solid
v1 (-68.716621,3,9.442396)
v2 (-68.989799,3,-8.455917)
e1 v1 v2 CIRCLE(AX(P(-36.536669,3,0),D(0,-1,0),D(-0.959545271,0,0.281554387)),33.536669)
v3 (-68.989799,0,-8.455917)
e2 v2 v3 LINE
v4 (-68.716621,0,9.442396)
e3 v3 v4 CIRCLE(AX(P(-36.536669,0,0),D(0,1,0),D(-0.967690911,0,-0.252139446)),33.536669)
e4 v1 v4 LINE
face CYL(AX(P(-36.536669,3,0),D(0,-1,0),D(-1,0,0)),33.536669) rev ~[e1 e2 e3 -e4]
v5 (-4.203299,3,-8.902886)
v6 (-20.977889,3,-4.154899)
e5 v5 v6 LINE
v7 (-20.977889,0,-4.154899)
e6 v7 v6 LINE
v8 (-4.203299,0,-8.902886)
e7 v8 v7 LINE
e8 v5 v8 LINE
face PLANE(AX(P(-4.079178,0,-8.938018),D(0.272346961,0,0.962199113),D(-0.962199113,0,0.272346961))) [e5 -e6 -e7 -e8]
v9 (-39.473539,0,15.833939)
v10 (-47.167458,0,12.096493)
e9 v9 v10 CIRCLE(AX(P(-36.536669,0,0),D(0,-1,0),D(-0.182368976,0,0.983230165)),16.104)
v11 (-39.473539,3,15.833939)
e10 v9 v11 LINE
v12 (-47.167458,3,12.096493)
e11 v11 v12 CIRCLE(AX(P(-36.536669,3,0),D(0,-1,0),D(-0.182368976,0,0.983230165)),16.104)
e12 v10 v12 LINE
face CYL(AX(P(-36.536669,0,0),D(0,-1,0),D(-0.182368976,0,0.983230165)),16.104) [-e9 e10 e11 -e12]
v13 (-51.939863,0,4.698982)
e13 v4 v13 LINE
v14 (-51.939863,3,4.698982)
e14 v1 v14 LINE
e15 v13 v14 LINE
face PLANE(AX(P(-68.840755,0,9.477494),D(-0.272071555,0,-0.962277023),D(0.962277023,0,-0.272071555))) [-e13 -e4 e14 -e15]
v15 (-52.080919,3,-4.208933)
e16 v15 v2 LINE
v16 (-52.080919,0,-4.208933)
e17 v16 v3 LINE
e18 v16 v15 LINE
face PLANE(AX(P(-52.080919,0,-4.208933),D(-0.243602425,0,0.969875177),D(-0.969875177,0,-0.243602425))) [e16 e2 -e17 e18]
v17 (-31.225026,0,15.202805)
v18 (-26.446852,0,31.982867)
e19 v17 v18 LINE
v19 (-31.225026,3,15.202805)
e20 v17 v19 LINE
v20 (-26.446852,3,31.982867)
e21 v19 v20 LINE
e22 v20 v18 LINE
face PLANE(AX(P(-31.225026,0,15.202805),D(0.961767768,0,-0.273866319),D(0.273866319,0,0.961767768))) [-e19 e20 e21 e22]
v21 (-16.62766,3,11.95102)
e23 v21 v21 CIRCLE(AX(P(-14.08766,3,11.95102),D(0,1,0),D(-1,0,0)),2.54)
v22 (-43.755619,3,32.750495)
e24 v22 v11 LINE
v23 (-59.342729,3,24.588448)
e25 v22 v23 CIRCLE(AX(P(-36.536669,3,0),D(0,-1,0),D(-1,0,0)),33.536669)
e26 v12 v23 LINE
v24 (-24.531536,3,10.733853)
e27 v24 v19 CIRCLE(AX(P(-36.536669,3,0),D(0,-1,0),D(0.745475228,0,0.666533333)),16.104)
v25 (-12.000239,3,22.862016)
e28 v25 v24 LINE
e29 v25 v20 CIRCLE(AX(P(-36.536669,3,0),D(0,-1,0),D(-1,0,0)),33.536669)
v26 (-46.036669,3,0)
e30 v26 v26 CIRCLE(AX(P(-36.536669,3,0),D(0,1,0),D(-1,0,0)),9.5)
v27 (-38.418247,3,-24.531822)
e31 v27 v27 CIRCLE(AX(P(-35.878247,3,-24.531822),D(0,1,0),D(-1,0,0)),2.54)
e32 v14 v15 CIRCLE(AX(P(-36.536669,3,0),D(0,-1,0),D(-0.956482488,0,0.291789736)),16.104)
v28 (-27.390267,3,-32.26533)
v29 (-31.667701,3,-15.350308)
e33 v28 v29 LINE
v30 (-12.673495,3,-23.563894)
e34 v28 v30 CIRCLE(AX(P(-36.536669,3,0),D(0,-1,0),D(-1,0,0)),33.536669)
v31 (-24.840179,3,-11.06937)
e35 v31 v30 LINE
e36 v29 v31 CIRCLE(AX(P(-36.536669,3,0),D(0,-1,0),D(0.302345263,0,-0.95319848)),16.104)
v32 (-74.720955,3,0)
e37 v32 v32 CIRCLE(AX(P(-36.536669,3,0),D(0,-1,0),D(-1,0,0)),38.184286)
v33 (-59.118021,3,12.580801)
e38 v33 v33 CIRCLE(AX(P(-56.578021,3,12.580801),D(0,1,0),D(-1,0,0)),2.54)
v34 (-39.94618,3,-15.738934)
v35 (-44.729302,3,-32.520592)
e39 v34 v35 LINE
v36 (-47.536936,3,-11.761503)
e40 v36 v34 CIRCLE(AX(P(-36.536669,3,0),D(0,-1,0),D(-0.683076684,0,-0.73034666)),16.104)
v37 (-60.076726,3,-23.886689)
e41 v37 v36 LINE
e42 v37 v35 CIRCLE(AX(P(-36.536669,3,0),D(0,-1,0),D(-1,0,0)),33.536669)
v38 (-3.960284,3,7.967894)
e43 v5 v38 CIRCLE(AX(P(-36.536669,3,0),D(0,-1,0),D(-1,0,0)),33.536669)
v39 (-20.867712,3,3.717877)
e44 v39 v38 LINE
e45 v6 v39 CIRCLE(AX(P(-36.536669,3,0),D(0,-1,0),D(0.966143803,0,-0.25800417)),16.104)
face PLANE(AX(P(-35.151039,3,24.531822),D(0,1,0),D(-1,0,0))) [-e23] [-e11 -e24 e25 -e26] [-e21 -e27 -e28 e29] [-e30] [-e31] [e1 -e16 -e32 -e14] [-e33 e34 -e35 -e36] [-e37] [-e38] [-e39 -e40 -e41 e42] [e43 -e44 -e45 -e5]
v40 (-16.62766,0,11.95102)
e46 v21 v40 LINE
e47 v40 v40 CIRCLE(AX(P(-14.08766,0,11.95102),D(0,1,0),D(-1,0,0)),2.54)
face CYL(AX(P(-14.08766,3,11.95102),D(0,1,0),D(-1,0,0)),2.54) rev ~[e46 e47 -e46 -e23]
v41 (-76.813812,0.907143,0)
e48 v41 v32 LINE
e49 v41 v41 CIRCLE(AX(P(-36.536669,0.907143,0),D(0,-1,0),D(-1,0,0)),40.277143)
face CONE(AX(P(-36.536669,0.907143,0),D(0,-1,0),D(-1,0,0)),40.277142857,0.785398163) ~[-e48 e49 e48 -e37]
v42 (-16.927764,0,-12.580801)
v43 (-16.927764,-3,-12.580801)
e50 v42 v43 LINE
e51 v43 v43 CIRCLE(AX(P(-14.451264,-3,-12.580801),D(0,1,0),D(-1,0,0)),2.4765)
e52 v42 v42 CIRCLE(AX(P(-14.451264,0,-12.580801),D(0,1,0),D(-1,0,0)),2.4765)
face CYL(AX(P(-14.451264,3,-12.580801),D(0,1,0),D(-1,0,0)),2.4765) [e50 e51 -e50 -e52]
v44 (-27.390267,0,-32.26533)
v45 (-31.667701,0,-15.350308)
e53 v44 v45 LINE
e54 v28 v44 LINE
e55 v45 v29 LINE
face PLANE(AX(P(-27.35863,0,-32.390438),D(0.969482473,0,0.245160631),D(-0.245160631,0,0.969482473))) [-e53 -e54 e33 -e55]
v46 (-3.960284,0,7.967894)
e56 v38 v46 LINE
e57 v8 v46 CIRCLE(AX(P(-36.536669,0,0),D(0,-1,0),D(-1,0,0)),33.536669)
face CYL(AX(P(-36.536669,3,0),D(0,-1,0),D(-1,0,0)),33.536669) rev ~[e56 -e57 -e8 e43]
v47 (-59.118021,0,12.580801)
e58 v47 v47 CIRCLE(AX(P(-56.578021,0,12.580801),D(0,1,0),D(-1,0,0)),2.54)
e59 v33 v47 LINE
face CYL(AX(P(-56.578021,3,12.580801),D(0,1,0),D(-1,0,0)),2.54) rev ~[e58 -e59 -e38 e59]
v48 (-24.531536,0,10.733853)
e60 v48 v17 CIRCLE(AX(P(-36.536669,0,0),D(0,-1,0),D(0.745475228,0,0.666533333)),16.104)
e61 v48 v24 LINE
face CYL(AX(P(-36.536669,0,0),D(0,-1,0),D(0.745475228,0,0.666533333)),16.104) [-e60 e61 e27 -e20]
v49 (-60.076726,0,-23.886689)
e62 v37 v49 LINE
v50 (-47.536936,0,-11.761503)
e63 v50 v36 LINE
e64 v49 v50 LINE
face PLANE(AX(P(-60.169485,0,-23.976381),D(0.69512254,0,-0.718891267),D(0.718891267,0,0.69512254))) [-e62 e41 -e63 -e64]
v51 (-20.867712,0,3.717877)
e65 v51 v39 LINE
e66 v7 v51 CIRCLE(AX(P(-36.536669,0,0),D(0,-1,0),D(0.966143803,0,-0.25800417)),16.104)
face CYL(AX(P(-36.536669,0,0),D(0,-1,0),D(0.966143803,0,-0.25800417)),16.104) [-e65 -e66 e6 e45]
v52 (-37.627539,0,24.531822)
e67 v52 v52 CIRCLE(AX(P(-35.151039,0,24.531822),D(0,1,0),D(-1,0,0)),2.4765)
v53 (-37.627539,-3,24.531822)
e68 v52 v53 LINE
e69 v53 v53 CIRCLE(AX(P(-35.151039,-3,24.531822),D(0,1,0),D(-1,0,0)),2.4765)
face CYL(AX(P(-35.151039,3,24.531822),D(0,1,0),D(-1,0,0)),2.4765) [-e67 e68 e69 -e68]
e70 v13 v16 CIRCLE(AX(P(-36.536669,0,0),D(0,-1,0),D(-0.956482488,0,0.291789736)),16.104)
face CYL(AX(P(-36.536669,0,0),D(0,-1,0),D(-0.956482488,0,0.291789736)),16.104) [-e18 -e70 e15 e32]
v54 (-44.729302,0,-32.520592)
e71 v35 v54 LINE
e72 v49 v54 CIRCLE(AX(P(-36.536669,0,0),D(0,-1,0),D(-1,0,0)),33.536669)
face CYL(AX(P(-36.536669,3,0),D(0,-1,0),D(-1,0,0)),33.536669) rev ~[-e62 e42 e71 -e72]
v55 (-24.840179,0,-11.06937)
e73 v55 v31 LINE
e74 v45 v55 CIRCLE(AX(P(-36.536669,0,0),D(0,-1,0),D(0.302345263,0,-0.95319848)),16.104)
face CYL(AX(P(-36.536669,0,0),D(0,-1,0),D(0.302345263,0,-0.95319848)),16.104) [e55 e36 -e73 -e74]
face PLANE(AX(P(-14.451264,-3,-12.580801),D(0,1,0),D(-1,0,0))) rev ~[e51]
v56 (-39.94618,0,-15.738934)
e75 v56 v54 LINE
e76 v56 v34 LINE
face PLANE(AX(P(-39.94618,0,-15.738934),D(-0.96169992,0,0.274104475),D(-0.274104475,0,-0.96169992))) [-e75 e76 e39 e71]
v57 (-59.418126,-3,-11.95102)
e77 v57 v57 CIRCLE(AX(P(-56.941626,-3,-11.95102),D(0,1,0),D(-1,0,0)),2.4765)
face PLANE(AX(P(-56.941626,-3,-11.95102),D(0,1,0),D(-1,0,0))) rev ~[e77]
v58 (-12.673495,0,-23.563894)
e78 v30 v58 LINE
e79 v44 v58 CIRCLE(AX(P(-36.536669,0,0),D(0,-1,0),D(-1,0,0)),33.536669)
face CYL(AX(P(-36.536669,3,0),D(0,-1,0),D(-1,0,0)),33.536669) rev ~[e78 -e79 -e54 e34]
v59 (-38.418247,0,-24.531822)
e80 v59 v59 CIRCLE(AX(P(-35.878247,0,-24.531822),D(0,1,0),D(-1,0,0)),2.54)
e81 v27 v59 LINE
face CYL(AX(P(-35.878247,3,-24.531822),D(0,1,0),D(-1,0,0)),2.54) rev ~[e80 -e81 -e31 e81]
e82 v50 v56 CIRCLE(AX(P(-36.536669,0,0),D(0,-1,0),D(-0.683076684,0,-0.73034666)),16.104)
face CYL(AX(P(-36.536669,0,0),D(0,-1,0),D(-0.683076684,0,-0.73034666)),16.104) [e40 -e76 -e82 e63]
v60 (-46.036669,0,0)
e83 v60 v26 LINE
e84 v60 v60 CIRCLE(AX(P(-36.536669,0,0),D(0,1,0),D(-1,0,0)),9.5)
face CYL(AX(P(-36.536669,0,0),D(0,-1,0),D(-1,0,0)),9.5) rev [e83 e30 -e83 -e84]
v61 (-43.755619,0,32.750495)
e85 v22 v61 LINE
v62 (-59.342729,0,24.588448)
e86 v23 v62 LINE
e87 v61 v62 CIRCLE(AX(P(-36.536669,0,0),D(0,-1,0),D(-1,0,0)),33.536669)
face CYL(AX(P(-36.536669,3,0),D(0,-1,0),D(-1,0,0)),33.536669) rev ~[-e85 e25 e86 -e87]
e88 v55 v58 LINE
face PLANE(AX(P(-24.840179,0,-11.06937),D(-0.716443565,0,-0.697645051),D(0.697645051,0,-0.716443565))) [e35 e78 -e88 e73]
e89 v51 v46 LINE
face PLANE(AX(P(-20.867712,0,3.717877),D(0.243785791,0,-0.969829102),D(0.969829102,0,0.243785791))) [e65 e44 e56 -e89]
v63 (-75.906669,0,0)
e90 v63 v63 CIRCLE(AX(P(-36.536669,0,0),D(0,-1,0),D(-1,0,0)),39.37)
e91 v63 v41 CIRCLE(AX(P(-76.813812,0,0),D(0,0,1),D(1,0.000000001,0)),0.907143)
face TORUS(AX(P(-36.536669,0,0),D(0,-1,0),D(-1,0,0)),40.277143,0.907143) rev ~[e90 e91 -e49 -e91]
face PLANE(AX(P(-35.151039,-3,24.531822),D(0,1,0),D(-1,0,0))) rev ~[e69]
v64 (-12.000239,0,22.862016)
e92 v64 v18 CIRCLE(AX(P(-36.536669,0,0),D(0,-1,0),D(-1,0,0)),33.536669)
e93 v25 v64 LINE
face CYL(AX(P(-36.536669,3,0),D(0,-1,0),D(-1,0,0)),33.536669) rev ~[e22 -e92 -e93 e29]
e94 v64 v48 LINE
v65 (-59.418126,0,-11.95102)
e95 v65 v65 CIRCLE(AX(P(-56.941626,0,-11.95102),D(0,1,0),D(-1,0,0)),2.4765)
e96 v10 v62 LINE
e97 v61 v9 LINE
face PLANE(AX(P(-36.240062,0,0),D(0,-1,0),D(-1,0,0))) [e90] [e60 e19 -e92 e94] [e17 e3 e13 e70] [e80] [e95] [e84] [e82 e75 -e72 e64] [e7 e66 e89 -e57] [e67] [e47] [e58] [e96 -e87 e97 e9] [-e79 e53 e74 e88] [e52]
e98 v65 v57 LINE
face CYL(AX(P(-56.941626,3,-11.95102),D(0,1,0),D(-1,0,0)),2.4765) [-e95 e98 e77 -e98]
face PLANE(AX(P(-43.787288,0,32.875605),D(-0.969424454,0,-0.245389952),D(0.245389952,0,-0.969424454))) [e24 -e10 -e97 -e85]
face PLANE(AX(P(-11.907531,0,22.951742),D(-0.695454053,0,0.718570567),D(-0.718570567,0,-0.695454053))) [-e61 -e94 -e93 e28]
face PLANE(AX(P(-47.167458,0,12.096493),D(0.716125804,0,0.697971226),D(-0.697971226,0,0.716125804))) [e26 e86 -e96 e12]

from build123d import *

# Parameters (mm, degrees)
SKETCH2_R           = 9.5
BOSS_EXTRUDE1_DEPTH = 3
SKETCH3_R           = 2.4765
BOSS_EXTRUDE2_DEPTH = 6
SKETCH5_R           = 2.54
CUT_EXTRUDE1_DEPTH  = 3


with BuildPart() as part:
    # Sketch1 → Revolve1 (revolve)
    with BuildSketch(Plane.XY, mode=Mode.PRIVATE) as revolve1_sk:
        with BuildLine():
            Line((-3, 3), (-3, 0))
            Line((-3, 0), (2.833330973, 0))
            ThreePointArc((2.833330973, 0), (3.099026965, 0.641446866), (3.74047383, 0.907142857))
            Line((3.74047383, 0.907142857), (1.647616688, 3))
            Line((1.647616688, 3), (-3, 3))
        make_face()
    revolve(revolve1_sk.sketch.rotate(Axis((-36.536669027, 18.916479231, 0), (0, -1, 0)), 180), axis=Axis((-36.536669027, 18.916479231, 0), (0, -1, 0)))

    # Sketch2 → Boss-Extrude1 (add)
    with BuildSketch(Plane(origin=(0, 0, 0), x_dir=(1, 0, 0), z_dir=(0, 1, 0))):
        with BuildLine():
            Line((-20.867712208, -3.717876844), (-3.835179752, -7.99934189))
            ThreePointArc((-3.835179752, -7.99934189), (-6.912459925, -15.993220643), (-11.907531207, -22.951741583))
            Line((-11.907531207, -22.951741583), (-24.531535953, -10.733852798))
            ThreePointArc((-24.531535953, -10.733852798), (-27.594601894, -13.393216618), (-31.225026168, -15.202804549))
            Line((-31.225026168, -15.202804549), (-26.411510933, -32.106978136))
            ThreePointArc((-26.411510933, -32.106978136), (-35.048905375, -33.632773165), (-43.787287916, -32.875604894))
            Line((-43.787287916, -32.875604894), (-39.473539012, -15.833938572))
            ThreePointArc((-39.473539012, -15.833938572), (-43.573178883, -14.485383842), (-47.167458429, -12.096492578))
            Line((-47.167458429, -12.096492578), (-59.432790875, -24.680852412))
            ThreePointArc((-59.432790875, -24.680852412), (-65.164474953, -17.715123462), (-68.840755241, -9.47749362))
            Line((-68.840755241, -9.47749362), (-51.939863017, -4.698981901))
            ThreePointArc((-51.939863017, -4.698981901), (-52.638650424, -0.254972715), (-52.080918658, 4.208933284))
            Line((-52.080918658, 4.208933284), (-69.114911822, 8.487341623))
            ThreePointArc((-69.114911822, 8.487341623), (-65.689685641, 16.836819584), (-60.169485242, 23.976381487))
            Line((-60.169485242, 23.976381487), (-47.536935944, 11.761502615))
            ThreePointArc((-47.536935944, 11.761502615), (-44.010986284, 14.264410171), (-39.946180469, 15.738934136))
            Line((-39.946180469, 15.738934136), (-44.764676694, 32.64470495))
            ThreePointArc((-44.764676694, 32.64470495), (-36.044934422, 33.662071661), (-27.358629805, 32.390437902))
            Line((-27.358629805, 32.390437902), (-31.667700916, 15.350308321))
            ThreePointArc((-31.667700916, 15.350308321), (-27.981833761, 13.643812135), (-24.840179389, 11.069369727))
            Line((-24.840179389, 11.069369727), (-12.58348556, 23.656328398))
            ThreePointArc((-12.58348556, 23.656328398), (-7.387085692, 16.842762923), (-4.079178242, 8.938017868))
            Line((-4.079178242, 8.938017868), (-20.977889223, 4.154899158))
            ThreePointArc((-20.977889223, 4.154899158), (-20.434245789, 0.225348329), (-20.867712208, -3.717876844))
        make_face()
        with Locations(Location((-36.536669027, 0, 0), (0, 0, 180))):
            Circle(SKETCH2_R, mode=Mode.SUBTRACT)
    extrude(amount=BOSS_EXTRUDE1_DEPTH)

    # Sketch3 → Boss-Extrude2 (add)
    with BuildSketch(Plane(origin=(0, 3, 0), x_dir=(1, 0, 0), z_dir=(0, 1, 0))):
        with Locations(Location((-35.151038514, -24.531821511, 0), (0, 0, 180))):
            Circle(SKETCH3_R)
        with Locations(Location((-56.941625658, 11.951020157, 0), (0, 0, 180))):
            Circle(SKETCH3_R)
        with Locations(Location((-14.451264399, 12.580801354, 0), (0, 0, 180))):
            Circle(SKETCH3_R)
    extrude(amount=-BOSS_EXTRUDE2_DEPTH)

    # Sketch5 → Cut-Extrude1 (cut)
    with BuildSketch(Plane(origin=(0, 3, 0), x_dir=(1, 0, 0), z_dir=(0, 1, 0))):
        with Locations(Location((-35.8782472, 24.531821511, 0), (0, 0, 180))):
            Circle(SKETCH5_R)
        with Locations(Location((-14.087660056, -11.951020157, 0), (0, 0, 180))):
            Circle(SKETCH5_R)
        with Locations(Location((-56.578021315, -12.580801354, 0), (0, 0, 180))):
            Circle(SKETCH5_R)
    extrude(amount=-CUT_EXTRUDE1_DEPTH, mode=Mode.SUBTRACT)


solid = part.part
